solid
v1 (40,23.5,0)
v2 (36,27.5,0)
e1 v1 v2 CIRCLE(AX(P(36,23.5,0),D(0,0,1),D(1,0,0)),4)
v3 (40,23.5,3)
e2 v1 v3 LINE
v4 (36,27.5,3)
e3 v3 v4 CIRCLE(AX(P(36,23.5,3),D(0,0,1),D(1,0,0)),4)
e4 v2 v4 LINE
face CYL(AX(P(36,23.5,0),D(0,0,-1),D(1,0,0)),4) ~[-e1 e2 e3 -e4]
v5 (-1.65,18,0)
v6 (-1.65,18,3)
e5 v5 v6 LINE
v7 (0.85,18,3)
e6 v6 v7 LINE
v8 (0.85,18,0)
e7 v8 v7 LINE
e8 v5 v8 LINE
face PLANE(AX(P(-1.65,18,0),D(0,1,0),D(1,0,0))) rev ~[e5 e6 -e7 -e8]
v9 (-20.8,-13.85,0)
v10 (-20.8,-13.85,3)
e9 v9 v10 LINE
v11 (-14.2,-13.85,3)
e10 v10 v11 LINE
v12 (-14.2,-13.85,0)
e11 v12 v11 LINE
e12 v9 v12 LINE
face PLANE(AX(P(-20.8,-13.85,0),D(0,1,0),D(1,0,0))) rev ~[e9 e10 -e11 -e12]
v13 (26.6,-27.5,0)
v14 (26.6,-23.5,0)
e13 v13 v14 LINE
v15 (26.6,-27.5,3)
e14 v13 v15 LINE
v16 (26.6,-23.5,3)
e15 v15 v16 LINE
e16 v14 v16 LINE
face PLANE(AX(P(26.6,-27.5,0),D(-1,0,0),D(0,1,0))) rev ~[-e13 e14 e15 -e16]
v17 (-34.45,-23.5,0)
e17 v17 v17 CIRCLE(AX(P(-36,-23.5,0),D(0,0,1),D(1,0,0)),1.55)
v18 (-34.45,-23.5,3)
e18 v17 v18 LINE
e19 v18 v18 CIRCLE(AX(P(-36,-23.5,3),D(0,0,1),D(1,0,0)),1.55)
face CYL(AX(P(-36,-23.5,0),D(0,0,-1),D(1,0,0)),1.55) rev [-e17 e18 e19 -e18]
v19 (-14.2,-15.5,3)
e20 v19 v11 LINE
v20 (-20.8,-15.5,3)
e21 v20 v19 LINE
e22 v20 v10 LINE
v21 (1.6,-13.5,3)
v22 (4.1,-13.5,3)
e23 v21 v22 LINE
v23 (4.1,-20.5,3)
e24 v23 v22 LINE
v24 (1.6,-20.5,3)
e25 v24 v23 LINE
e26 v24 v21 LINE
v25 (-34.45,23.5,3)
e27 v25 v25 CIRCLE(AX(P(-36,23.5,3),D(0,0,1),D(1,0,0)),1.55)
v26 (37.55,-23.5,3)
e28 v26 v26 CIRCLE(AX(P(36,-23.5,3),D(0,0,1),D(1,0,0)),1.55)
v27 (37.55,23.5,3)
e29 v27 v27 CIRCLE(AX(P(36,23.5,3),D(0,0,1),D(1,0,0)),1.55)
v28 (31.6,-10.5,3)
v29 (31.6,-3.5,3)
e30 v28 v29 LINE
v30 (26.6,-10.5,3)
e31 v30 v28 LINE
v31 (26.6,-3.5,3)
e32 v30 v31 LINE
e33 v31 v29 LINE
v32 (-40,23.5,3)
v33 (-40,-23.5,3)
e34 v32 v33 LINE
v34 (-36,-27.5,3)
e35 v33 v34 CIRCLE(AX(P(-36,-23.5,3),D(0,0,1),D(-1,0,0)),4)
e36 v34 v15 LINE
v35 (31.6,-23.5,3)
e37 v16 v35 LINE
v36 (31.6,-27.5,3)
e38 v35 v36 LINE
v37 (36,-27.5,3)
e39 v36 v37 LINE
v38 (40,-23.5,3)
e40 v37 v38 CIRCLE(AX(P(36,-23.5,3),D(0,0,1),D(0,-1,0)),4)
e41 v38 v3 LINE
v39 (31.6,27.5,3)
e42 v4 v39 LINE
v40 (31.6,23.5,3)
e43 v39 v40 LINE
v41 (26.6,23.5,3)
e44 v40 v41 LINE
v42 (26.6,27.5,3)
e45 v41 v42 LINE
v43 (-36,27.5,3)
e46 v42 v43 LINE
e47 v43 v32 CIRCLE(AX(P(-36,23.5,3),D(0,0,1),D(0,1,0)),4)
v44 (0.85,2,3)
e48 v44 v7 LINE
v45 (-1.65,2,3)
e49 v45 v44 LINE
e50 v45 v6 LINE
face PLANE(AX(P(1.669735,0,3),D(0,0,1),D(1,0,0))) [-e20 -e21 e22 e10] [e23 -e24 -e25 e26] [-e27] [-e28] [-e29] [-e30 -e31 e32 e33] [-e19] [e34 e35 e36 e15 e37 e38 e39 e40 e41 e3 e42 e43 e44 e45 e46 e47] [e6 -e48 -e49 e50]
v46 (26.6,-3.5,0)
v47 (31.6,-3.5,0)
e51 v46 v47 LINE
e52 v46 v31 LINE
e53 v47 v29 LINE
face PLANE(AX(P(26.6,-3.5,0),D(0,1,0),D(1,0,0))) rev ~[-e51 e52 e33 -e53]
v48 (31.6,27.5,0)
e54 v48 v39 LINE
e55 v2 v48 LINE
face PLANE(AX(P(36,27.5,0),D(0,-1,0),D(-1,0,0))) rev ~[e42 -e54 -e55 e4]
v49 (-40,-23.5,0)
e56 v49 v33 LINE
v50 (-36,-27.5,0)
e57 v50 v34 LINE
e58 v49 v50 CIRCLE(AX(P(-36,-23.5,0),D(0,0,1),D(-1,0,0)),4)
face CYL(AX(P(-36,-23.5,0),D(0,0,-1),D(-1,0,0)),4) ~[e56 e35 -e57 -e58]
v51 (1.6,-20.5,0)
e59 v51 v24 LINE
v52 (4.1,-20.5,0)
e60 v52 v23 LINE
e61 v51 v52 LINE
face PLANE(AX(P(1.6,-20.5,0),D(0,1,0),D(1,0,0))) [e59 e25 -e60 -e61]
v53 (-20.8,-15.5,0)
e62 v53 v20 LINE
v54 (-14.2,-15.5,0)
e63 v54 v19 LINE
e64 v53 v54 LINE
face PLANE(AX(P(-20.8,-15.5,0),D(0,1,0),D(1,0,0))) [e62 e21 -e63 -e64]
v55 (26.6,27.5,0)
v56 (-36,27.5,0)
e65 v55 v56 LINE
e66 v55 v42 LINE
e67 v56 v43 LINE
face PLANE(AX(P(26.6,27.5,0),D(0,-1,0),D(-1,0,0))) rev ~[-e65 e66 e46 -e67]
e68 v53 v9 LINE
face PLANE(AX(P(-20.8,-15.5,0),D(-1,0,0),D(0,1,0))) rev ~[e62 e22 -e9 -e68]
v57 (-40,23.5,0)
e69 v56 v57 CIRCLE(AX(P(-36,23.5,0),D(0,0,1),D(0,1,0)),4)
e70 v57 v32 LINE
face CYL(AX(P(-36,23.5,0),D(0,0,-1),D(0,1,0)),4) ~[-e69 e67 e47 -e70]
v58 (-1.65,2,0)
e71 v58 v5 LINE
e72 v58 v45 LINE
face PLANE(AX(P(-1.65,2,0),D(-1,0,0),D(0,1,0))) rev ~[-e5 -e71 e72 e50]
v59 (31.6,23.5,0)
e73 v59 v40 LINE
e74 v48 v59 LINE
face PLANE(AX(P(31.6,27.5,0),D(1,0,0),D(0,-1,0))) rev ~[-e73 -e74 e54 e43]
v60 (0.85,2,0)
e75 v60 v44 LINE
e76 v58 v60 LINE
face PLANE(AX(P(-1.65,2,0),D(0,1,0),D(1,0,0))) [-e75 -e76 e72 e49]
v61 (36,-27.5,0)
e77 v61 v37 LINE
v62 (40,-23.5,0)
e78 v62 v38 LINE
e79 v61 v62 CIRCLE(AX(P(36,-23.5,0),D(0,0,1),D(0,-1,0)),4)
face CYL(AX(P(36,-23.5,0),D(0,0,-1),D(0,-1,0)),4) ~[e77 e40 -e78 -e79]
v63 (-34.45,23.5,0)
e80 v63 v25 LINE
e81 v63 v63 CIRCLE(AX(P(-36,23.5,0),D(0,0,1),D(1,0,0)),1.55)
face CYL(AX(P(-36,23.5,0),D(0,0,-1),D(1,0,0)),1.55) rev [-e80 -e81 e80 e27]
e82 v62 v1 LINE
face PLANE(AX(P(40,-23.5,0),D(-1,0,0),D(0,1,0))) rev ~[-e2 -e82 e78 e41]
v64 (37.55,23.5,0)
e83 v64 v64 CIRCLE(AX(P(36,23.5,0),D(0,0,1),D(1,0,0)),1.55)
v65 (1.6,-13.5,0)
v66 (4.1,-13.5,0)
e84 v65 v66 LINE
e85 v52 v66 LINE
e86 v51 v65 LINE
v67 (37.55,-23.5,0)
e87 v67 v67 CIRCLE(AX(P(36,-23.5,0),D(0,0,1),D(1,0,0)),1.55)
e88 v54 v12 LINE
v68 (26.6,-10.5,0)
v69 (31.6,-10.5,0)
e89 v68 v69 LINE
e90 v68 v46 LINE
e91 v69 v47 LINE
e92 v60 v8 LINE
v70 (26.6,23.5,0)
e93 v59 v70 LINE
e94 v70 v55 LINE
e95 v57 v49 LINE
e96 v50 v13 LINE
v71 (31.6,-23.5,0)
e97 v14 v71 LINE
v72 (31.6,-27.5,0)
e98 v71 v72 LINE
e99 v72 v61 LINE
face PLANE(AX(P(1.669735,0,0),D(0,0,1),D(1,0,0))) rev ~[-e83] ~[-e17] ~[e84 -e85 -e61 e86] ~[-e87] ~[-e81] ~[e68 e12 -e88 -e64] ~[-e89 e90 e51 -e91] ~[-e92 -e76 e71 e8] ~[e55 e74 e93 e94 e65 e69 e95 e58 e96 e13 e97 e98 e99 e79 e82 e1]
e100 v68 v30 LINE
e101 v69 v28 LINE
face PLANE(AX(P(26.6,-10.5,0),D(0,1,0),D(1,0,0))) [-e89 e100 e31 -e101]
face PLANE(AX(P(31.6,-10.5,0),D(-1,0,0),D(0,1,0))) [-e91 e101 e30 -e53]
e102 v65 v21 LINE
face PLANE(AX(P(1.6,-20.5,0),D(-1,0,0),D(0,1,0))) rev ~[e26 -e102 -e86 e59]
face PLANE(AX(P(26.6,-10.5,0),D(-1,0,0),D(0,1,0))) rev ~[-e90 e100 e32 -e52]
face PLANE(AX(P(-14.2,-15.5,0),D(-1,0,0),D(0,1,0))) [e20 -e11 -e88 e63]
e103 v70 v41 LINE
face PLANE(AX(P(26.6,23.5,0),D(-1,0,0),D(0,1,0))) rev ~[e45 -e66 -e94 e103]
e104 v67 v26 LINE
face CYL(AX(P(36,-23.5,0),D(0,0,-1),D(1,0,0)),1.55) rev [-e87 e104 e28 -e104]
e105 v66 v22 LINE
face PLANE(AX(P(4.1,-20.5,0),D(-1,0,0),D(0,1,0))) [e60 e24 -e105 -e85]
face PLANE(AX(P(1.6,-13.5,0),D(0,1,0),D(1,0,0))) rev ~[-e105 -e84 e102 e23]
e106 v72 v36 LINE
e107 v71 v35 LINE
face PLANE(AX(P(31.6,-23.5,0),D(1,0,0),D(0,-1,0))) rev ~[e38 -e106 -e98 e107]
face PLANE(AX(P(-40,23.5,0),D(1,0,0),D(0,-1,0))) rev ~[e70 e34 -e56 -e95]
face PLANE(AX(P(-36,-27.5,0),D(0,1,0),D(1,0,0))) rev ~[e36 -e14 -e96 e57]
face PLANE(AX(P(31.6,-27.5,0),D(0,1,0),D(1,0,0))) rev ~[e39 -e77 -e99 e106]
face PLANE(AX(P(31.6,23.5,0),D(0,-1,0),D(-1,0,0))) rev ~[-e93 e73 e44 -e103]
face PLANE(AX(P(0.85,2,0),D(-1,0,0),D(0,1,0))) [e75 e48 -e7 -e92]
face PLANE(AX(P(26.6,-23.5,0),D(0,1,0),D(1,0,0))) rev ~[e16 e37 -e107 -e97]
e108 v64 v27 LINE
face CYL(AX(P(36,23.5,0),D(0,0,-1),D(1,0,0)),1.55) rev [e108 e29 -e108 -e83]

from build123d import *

# Parameters (mm, degrees)
ESQUISSE1_R        = 1.55
ESQUISSE1_W        = 5
ESQUISSE1_H        = 7
ESQUISSE1_W_2      = 2.5
ESQUISSE1_H_2      = 16
ESQUISSE1_W_3      = 6.6
ESQUISSE1_H_3      = 1.65
BOSS_EXTRU_1_DEPTH = 3


with BuildPart() as part:
    # Esquisse1 → Boss.-Extru.1 (new body)
    with BuildSketch(Plane.XY):
        with BuildLine():
            Line((26.6, 27.5), (-36, 27.5))
            ThreePointArc((-36, 27.5), (-38.828427125, 26.328427125), (-40, 23.5))
            Line((-40, 23.5), (-40, -23.5))
            ThreePointArc((-40, -23.5), (-38.828427125, -26.328427125), (-36, -27.5))
            Line((-36, -27.5), (26.6, -27.5))
            Line((26.6, -27.5), (26.6, -23.5))
            Line((26.6, -23.5), (31.6, -23.5))
            Line((31.6, -23.5), (31.6, -27.5))
            Line((31.6, -27.5), (36, -27.5))
            ThreePointArc((36, -27.5), (38.828427125, -26.328427125), (40, -23.5))
            Line((40, -23.5), (40, 23.5))
            ThreePointArc((40, 23.5), (38.828427125, 26.328427125), (36, 27.5))
            Line((36, 27.5), (31.6, 27.5))
            Line((31.6, 27.5), (31.6, 23.5))
            Line((31.6, 23.5), (26.6, 23.5))
            Line((26.6, 23.5), (26.6, 27.5))
        make_face()
        with Locations((-36, -23.5)):
            Circle(ESQUISSE1_R, mode=Mode.SUBTRACT)
        with Locations((-36, 23.5)):
            Circle(ESQUISSE1_R, mode=Mode.SUBTRACT)
        with Locations((36, 23.5)):
            Circle(ESQUISSE1_R, mode=Mode.SUBTRACT)
        with Locations((36, -23.5)):
            Circle(ESQUISSE1_R, mode=Mode.SUBTRACT)
        with Locations((29.1, -7)):
            Rectangle(ESQUISSE1_W, ESQUISSE1_H, mode=Mode.SUBTRACT)
        with Locations((-0.4, 10)):
            Rectangle(ESQUISSE1_W_2, ESQUISSE1_H_2, mode=Mode.SUBTRACT)
        with Locations((-17.5, -14.675)):
            Rectangle(ESQUISSE1_W_3, ESQUISSE1_H_3, mode=Mode.SUBTRACT)
        with Locations((2.85, -17)):
            Rectangle(ESQUISSE1_W_2, ESQUISSE1_H, mode=Mode.SUBTRACT)
    extrude(amount=BOSS_EXTRU_1_DEPTH)


solid = part.part
